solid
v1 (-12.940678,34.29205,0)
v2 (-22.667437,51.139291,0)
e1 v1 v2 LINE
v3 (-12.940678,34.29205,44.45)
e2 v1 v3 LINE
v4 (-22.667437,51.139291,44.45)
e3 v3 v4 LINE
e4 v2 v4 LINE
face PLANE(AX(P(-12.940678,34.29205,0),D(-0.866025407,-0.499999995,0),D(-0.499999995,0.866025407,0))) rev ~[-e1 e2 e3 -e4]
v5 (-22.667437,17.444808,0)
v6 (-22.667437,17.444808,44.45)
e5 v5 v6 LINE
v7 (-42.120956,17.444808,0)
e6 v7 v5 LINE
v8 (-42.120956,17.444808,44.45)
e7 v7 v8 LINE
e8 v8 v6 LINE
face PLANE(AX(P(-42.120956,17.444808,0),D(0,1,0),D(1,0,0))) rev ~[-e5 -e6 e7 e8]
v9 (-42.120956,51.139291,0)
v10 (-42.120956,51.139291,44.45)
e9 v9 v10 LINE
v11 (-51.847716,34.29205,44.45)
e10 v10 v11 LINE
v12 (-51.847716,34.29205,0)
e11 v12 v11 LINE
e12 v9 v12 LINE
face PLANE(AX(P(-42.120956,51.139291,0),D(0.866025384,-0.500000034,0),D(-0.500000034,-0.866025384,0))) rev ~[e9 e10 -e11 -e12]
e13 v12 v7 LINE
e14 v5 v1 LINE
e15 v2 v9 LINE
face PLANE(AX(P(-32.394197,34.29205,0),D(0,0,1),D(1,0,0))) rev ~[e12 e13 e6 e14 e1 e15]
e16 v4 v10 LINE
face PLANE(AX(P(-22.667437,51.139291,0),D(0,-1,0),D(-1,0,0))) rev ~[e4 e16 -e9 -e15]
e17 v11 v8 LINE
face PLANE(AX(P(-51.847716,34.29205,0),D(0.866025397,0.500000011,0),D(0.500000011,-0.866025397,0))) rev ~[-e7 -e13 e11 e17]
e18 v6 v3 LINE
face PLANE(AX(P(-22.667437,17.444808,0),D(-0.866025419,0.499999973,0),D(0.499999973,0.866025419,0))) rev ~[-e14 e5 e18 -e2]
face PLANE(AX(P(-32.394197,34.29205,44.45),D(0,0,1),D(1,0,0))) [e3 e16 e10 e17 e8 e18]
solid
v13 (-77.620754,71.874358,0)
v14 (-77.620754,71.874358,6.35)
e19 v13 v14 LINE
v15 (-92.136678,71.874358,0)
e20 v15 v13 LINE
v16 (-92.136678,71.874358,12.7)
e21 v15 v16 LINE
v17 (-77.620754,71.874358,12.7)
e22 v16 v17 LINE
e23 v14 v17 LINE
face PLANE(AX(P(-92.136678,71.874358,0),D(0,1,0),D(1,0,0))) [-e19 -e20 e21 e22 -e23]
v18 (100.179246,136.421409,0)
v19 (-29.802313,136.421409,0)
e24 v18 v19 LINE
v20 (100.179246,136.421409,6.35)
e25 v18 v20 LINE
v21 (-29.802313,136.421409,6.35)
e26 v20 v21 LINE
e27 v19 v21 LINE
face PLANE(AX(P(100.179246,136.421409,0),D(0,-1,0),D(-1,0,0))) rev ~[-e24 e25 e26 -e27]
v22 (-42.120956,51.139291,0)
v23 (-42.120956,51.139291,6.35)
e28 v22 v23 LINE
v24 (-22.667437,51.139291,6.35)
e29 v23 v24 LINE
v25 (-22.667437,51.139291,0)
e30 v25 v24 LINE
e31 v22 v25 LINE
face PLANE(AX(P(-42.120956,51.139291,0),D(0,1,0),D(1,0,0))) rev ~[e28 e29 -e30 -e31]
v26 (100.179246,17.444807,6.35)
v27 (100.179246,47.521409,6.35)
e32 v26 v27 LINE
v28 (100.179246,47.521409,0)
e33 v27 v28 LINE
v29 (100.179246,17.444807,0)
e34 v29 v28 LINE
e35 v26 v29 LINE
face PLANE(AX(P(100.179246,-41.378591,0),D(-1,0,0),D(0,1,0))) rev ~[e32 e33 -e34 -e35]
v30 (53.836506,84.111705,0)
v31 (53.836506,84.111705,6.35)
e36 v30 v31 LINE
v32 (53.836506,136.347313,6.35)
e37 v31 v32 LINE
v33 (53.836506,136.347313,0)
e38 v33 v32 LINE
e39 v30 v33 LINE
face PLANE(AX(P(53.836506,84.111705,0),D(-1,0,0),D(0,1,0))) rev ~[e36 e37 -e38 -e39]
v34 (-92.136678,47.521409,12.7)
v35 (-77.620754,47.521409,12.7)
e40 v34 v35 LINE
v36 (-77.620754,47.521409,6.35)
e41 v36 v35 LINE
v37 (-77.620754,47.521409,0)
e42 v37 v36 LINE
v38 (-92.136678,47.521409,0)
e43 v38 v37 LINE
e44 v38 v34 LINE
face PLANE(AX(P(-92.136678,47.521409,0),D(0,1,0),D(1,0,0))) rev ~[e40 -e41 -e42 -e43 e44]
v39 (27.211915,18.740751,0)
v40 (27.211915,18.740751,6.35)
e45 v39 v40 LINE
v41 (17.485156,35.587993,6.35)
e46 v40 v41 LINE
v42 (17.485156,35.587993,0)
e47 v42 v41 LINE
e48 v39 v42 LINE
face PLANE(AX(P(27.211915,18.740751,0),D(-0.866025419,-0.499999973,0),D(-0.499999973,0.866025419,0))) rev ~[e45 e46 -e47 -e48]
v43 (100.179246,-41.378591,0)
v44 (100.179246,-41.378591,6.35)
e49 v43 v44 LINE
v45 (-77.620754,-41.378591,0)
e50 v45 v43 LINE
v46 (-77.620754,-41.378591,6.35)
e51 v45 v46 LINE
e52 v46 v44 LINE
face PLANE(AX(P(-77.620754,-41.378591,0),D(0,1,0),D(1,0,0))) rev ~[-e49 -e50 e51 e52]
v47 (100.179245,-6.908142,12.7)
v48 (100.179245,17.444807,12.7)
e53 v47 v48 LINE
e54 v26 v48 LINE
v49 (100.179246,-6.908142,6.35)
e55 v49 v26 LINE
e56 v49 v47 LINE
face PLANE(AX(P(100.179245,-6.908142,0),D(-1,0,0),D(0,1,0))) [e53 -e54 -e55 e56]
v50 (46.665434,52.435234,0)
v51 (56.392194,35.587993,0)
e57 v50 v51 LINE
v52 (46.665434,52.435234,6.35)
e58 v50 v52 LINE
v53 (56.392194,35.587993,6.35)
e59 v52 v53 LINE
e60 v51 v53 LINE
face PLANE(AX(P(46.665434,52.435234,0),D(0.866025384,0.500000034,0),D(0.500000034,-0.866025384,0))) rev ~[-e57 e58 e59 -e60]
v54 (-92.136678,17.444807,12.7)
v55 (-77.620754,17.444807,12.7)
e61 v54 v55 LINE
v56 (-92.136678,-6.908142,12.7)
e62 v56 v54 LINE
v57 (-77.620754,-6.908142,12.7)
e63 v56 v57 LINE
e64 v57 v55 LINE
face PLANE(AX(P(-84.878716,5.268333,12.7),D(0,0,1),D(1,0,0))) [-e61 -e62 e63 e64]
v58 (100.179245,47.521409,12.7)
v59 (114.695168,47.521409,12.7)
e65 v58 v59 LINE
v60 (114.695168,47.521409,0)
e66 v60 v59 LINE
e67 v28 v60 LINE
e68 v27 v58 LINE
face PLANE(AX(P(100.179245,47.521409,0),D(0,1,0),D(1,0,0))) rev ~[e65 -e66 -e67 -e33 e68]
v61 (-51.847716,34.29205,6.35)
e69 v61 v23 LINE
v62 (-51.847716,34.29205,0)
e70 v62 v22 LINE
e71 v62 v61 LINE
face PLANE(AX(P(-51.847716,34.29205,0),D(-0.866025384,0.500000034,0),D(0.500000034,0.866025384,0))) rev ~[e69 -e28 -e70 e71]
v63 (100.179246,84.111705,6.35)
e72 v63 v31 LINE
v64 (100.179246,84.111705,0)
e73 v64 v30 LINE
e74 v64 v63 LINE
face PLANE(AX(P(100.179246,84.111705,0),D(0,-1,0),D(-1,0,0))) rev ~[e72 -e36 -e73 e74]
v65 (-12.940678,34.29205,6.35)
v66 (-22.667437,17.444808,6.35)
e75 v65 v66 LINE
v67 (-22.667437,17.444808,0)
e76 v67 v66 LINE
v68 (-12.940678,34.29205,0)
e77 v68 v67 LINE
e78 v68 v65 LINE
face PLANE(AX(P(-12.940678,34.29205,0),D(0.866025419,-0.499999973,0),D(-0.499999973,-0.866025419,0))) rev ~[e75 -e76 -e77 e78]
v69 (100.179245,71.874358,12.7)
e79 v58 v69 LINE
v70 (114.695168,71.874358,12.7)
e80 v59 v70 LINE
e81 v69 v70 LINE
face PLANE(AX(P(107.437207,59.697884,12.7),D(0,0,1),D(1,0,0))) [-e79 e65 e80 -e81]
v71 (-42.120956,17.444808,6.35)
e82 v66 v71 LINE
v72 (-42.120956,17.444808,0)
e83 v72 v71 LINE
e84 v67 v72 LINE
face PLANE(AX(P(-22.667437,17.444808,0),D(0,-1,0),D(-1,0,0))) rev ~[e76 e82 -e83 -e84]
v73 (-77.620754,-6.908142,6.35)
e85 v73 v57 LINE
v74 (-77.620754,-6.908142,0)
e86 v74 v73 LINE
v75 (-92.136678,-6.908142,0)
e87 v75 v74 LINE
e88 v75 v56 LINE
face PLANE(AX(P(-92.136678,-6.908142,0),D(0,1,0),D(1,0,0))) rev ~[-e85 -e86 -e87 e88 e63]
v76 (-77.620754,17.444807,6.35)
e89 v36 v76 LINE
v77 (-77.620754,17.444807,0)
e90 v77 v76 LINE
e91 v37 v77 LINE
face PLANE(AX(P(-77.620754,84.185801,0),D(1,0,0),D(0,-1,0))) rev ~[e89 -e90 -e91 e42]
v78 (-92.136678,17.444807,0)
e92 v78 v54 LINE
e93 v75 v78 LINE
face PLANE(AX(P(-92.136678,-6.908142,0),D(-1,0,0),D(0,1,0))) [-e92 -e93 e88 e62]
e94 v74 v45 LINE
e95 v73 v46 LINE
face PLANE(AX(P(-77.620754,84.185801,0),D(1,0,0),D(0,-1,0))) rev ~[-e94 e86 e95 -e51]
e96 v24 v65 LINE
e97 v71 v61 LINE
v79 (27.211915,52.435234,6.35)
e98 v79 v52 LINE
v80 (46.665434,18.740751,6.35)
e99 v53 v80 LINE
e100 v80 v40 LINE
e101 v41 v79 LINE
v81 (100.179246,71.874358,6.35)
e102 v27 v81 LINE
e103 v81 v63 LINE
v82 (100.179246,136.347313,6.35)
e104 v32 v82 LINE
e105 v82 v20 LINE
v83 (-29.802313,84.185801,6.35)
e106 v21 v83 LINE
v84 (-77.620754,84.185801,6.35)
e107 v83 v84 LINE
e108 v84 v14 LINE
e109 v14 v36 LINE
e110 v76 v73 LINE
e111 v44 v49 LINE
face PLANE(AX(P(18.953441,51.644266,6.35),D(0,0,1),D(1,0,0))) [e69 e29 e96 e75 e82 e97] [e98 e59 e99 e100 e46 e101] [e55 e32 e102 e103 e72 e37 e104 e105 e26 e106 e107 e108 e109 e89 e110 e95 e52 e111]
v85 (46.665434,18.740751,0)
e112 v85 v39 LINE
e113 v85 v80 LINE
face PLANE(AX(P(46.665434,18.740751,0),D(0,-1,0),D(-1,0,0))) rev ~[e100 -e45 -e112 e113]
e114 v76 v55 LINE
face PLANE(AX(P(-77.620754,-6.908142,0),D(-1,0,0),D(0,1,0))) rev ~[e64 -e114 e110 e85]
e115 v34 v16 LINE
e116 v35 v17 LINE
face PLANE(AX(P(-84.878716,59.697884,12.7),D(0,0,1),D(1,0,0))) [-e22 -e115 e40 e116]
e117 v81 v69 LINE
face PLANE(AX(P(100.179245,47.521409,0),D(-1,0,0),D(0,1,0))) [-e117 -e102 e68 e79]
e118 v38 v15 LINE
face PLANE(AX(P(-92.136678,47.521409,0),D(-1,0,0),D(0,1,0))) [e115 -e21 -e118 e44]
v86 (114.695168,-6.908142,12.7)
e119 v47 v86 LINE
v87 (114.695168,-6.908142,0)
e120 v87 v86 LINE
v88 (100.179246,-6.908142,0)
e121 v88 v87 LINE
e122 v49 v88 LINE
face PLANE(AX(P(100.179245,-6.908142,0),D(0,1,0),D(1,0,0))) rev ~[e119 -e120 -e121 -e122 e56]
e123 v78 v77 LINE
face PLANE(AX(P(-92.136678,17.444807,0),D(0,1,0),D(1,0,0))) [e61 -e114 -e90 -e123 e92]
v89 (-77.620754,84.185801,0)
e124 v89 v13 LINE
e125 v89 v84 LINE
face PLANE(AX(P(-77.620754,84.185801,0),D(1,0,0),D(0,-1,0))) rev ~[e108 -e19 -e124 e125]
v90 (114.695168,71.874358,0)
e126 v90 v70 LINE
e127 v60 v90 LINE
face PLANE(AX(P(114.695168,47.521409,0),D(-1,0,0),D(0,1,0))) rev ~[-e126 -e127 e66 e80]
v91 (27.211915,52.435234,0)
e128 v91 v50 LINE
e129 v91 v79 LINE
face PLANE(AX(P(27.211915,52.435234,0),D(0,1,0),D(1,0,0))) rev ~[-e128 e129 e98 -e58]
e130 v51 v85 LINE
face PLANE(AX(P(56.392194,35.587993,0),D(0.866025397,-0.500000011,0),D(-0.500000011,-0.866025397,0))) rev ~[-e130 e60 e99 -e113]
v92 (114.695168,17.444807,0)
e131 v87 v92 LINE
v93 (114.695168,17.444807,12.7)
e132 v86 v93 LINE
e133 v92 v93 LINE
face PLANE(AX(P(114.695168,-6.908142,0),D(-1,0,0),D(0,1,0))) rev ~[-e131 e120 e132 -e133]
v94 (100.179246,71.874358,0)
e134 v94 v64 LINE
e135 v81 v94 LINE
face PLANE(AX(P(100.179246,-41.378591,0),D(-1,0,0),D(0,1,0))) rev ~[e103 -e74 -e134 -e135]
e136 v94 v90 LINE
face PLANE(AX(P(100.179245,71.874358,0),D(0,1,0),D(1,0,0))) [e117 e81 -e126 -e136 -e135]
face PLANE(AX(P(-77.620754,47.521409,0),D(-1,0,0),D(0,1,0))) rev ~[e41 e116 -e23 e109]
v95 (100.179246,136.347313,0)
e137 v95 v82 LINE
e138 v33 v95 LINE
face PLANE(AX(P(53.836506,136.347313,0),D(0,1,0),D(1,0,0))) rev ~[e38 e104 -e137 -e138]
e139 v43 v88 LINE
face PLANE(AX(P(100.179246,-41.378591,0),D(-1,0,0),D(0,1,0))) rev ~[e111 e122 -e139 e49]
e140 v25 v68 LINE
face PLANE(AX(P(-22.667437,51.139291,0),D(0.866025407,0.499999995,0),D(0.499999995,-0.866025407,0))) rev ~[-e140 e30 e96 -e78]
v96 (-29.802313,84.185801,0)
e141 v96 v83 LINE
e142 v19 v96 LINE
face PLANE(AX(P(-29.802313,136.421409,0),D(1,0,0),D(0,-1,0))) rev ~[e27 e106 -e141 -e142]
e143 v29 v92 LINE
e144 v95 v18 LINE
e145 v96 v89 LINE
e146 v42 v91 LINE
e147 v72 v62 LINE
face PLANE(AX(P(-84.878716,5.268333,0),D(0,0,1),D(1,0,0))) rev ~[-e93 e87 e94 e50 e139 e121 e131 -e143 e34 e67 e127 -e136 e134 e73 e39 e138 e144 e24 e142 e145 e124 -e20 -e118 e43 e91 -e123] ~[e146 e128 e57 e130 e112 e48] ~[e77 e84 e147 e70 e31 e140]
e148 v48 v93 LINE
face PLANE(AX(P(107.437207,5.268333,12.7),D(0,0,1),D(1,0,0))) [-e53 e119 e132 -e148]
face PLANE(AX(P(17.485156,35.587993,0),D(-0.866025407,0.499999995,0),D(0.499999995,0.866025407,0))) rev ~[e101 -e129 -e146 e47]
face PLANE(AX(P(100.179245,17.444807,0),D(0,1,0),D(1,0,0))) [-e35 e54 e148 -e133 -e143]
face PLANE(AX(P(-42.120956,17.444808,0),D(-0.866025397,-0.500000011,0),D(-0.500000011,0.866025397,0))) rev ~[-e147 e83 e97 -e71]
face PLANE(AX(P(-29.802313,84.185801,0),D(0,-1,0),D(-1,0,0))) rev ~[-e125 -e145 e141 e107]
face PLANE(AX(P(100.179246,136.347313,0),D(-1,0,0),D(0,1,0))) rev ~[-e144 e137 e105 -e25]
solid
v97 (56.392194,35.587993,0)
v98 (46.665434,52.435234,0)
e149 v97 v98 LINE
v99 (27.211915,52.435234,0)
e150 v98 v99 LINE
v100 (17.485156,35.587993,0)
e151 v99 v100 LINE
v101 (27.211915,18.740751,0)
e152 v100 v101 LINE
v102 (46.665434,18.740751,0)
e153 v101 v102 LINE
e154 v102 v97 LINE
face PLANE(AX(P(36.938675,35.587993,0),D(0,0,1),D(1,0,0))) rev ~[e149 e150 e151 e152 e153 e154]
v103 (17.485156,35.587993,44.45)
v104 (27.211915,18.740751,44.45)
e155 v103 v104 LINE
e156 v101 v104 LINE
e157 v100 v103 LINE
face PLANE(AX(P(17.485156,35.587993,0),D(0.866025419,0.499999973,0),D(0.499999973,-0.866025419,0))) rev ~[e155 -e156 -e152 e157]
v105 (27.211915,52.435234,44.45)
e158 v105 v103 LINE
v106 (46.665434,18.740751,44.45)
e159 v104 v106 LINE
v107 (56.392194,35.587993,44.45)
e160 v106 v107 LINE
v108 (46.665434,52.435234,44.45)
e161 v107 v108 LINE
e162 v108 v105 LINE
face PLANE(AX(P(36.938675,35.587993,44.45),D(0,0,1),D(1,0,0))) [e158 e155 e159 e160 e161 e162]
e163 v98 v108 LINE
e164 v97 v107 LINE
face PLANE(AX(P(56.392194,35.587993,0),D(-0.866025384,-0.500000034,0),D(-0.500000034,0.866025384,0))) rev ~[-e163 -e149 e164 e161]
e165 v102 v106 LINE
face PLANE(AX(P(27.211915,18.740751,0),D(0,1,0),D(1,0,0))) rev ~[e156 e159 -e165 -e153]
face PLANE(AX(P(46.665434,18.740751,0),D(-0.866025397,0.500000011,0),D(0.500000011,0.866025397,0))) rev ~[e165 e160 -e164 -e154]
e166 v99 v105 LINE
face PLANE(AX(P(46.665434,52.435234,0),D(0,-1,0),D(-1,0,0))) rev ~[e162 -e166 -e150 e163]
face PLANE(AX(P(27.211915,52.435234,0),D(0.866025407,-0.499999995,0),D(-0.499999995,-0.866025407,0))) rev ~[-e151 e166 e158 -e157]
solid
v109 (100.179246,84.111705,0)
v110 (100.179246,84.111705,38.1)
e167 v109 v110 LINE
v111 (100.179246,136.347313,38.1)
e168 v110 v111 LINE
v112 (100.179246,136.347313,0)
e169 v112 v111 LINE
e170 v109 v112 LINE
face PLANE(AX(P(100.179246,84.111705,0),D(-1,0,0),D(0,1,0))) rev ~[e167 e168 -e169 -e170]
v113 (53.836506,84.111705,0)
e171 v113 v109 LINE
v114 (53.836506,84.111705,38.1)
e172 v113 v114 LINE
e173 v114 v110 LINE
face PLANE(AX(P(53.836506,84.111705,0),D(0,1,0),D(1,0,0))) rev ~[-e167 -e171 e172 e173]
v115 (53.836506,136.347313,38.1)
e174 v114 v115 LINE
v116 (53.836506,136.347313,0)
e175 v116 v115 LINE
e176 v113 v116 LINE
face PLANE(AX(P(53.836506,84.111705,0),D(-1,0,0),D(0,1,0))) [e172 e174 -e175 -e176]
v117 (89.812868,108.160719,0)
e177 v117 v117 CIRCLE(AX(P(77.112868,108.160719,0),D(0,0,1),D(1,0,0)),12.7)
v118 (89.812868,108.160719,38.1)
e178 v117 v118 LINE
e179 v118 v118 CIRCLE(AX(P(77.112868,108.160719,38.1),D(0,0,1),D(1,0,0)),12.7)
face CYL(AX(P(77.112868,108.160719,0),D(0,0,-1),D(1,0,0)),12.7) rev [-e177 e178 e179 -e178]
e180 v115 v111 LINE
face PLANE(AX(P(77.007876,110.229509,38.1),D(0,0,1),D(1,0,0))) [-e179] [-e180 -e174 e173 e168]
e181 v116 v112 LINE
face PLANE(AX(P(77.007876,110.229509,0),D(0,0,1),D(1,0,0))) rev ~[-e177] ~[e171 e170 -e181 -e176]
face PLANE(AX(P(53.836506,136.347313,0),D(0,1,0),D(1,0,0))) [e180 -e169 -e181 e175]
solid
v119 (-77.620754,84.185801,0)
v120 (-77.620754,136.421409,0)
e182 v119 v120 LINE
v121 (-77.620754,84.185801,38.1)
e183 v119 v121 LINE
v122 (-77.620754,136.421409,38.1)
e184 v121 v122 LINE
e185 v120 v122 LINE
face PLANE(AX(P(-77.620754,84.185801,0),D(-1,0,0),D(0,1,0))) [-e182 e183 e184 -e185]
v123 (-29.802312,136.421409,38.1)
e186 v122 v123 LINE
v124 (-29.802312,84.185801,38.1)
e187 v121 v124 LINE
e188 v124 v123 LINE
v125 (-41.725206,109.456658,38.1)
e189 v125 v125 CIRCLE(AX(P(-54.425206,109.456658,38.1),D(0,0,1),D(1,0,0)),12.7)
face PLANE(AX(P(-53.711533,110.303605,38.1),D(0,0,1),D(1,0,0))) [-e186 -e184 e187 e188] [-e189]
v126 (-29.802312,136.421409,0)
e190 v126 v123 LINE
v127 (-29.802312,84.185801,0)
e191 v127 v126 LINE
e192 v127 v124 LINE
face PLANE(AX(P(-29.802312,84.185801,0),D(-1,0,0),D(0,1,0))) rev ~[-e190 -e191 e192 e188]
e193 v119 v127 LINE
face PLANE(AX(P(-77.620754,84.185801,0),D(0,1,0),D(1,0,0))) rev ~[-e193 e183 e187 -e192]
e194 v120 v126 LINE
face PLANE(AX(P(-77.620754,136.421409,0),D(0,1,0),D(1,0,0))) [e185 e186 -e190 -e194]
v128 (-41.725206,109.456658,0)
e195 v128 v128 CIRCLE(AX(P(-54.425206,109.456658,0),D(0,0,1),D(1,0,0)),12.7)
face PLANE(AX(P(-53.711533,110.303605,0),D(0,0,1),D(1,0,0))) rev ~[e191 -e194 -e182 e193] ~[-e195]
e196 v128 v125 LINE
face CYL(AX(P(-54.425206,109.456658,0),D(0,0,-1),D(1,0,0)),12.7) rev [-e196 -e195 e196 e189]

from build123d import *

# Parameters (mm, degrees)
F0_W     = 47.818441
F0_H     = 52.235608
F0_R     = 12.7
F0_W_2   = 46.34274
F1_DEPTH = 38.1
F2_DEPTH = 44.45
F3_DEPTH = 6.35
F0_W_3   = 14.515924
F0_H_2   = 24.352949
F0_W_4   = 14.515923
F4_DEPTH = 12.7


with BuildPart() as f1:
    # F0 (on Top) → F1 (new body)
    with BuildSketch(Plane.XY):
        with Locations((-53.711533, 110.303605)):
            Rectangle(F0_W, F0_H)
        with Locations((-54.425206, 109.456658)):
            Circle(F0_R, mode=Mode.SUBTRACT)
        with Locations((77.007876, 110.229509)):
            Rectangle(F0_W_2, F0_H)
        with Locations((77.112868, 108.160719)):
            Circle(F0_R, mode=Mode.SUBTRACT)
    extrude(amount=F1_DEPTH)


with BuildPart() as f2:
    # F0 (on Top) → F2 (new body)
    with BuildSketch(Plane.XY):
        Polygon((-22.667437, 51.139291), (-42.120956, 51.139291), (-51.847716, 34.29205), (-42.120956, 17.444808), (-22.667437, 17.444808), (-12.940678, 34.29205), align=None)
        Polygon((46.665434, 52.435234), (27.211915, 52.435234), (17.485156, 35.587993), (27.211915, 18.740751), (46.665434, 18.740751), (56.392194, 35.587993), align=None)
    extrude(amount=F2_DEPTH)


with BuildPart() as f3:
    # F0 (on Top) → F3 (new body)
    with BuildSketch(Plane.XY):
        Polygon((100.179246, 136.421409), (-29.802313, 136.421409), (-29.802313, 84.185801), (-77.620754, 84.185801), (-77.620754, 71.874358), (-77.620754, 47.521409), (-77.620754, 17.444808), (-77.620754, -6.908141), (-77.620754, -41.378591), (100.179246, -41.378591), (100.179246, -6.908141), (100.179246, 17.444808), (100.179246, 47.521409), (100.179246, 71.874358), (100.179246, 84.111705), (53.836506, 84.111705), (53.836506, 136.347313), (100.179246, 136.347313), align=None)
        Polygon((-51.847716, 34.29205), (-42.120956, 51.139291), (-22.667437, 51.139291), (-12.940678, 34.29205), (-22.667437, 17.444808), (-42.120956, 17.444808), align=None, mode=Mode.SUBTRACT)
        Polygon((17.485156, 35.587993), (27.211915, 52.435234), (46.665434, 52.435234), (56.392194, 35.587993), (46.665434, 18.740751), (27.211915, 18.740751), align=None, mode=Mode.SUBTRACT)
    extrude(amount=F3_DEPTH)

    # F0 (on Top) → F4 (join)
    with BuildSketch(Plane.XY):
        with Locations((-84.878716, 5.268333)):
            Rectangle(F0_W_3, F0_H_2)
        with Locations((-84.878716, 59.697884)):
            Rectangle(F0_W_3, F0_H_2)
        with Locations((107.437207, 5.268333)):
            Rectangle(F0_W_4, F0_H_2)
        with Locations((107.437207, 59.697884)):
            Rectangle(F0_W_4, F0_H_2)
    extrude(amount=F4_DEPTH)


solid = Compound([f1.part, f2.part, f3.part])
